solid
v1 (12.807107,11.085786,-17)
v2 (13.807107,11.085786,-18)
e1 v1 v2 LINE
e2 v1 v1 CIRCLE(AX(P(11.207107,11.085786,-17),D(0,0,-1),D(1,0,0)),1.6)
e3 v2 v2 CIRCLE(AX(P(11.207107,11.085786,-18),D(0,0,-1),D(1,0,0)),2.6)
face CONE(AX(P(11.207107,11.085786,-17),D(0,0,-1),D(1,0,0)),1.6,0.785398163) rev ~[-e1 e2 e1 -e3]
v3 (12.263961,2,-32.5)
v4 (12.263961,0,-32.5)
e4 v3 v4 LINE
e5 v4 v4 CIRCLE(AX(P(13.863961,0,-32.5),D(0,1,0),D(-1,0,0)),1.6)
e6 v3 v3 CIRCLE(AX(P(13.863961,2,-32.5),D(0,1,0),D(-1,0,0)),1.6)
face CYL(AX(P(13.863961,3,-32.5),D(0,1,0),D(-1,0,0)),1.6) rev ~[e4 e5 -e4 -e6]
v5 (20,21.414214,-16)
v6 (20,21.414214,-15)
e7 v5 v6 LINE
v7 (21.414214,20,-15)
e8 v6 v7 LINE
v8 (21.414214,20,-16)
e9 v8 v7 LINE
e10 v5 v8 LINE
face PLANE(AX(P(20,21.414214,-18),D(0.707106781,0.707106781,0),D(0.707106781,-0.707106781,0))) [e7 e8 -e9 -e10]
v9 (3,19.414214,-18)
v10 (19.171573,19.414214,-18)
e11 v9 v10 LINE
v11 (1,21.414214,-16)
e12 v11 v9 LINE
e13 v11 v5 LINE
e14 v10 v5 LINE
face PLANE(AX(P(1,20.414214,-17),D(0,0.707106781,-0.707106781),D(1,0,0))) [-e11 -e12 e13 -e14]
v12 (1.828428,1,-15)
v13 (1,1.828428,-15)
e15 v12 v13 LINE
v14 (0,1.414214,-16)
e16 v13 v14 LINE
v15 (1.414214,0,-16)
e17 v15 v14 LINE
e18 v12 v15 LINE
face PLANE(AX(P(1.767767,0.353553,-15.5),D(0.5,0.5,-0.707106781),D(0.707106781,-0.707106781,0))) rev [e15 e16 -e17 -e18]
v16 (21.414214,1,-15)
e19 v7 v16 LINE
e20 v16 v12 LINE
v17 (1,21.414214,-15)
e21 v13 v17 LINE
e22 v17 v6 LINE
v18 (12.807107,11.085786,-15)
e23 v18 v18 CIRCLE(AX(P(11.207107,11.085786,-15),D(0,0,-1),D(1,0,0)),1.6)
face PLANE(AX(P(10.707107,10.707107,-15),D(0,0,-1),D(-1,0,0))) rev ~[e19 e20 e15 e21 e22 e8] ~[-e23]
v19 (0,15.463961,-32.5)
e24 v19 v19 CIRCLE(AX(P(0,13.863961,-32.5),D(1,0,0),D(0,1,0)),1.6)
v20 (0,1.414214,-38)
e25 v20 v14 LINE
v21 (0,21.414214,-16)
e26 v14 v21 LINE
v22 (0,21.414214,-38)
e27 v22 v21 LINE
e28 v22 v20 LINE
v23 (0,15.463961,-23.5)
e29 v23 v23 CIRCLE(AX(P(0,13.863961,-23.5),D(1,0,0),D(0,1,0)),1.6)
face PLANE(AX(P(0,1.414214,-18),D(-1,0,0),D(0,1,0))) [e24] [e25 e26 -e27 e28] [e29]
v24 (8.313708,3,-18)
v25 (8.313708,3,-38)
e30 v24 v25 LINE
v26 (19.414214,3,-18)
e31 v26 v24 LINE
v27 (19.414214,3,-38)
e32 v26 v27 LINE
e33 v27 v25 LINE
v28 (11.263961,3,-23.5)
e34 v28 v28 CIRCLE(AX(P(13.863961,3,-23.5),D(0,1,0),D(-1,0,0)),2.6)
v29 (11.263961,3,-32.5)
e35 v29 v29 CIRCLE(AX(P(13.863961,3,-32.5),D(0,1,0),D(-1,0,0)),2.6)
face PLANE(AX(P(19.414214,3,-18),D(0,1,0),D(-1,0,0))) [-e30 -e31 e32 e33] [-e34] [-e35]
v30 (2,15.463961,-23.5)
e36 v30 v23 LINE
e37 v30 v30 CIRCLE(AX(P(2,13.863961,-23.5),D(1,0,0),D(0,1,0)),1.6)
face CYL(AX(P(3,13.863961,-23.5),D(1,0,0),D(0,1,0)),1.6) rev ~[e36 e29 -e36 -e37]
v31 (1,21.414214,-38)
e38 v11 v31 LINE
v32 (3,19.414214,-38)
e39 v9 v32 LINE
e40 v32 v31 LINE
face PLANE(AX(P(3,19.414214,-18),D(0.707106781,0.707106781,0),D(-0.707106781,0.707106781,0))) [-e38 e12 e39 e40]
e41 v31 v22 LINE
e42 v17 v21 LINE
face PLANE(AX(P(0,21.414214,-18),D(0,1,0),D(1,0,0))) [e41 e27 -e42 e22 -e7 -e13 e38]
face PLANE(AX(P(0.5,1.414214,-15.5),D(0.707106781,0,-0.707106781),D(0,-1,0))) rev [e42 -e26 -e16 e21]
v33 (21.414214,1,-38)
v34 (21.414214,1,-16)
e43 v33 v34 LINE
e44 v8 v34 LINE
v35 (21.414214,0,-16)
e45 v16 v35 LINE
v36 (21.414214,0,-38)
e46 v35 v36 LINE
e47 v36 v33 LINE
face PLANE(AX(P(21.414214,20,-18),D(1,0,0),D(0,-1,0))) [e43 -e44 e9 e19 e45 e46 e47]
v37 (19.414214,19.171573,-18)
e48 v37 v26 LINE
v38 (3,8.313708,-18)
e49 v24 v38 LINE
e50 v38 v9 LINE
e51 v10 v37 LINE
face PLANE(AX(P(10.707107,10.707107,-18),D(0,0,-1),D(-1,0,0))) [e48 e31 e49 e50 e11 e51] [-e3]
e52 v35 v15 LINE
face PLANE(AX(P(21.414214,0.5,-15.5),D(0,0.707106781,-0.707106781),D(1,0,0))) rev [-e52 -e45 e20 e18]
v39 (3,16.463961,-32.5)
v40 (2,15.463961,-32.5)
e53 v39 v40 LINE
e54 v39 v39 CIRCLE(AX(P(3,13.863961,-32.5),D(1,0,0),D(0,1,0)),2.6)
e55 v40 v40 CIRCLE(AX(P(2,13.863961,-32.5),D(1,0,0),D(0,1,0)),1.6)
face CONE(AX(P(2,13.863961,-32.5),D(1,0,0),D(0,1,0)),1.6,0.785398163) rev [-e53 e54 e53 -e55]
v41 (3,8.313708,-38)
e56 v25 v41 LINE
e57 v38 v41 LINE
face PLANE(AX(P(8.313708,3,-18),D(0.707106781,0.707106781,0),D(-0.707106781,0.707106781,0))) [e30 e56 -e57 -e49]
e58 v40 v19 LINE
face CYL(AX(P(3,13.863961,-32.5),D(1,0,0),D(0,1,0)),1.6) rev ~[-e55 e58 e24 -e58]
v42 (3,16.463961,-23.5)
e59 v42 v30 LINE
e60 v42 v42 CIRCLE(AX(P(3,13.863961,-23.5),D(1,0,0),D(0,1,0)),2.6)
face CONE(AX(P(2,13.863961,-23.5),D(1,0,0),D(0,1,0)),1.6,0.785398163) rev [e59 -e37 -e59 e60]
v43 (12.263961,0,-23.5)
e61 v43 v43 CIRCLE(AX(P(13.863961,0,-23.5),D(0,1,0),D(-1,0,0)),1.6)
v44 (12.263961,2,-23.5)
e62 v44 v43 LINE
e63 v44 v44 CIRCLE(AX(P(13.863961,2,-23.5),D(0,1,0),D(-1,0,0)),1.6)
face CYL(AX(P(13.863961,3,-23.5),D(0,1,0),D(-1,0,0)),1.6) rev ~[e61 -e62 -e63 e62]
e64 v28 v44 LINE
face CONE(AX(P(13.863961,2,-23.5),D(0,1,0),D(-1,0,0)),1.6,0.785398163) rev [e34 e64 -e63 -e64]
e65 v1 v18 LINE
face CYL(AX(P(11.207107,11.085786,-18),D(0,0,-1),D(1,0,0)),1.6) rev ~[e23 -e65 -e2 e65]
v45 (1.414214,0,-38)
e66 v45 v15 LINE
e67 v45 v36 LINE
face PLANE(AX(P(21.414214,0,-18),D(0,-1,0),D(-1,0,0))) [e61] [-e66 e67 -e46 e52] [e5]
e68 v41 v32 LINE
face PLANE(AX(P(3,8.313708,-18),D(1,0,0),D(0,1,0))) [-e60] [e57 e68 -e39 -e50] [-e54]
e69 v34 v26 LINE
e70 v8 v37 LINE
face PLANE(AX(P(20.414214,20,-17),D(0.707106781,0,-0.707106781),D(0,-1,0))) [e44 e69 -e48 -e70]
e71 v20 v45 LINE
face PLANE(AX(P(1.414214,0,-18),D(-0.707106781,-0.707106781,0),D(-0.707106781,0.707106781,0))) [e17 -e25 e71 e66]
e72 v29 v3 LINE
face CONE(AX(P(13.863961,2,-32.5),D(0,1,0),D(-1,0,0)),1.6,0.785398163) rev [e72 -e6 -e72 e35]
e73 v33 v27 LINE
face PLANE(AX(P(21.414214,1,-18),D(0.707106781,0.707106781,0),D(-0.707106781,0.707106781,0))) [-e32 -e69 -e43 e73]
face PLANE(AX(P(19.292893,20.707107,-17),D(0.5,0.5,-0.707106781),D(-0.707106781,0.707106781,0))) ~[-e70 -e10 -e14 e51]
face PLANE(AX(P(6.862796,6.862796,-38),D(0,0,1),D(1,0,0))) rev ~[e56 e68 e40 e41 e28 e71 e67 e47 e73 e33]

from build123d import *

# Parameters (mm, degrees)
PAD048_DEPTH    = 20
PAD049_DEPTH    = 3
CHAMFER030_SIZE = 2
CHAMFER031_SIZE = 1
SKETCH091_R     = 1.6
POCKET029_DEPTH = 5
CHAMFER032_SIZE = 1
SKETCH092_R     = 1.6
POCKET030_DEPTH = 3
CHAMFER033_SIZE = 1
SKETCH093_R     = 1.6
POCKET031_DEPTH = 3.001
CHAMFER034_SIZE = 1


with BuildPart() as part:
    # Sketch089 → Pad048 (new body)
    with BuildSketch(Plane.XY):
        Polygon((19.414214, 3), (8.313708, 3), (3, 8.313708), (3, 19.414214), (1, 21.414214), (0, 21.414214), (0, 1.414214), (1.414214, 0), (21.414214, 0), (21.414214, 1), align=None)
    extrude(amount=-PAD048_DEPTH)

    # Sketch090 → Pad049 (join)
    with BuildSketch(Plane.XY):
        Polygon((0, 21.414214), (20, 21.414214), (21.414214, 20), (21.414214, 0), (1.414214, 0), (0, 1.414214), align=None)
    extrude(amount=PAD049_DEPTH)

    # Chamfer030
    chamfer030_edges = [part.edges().sort_by_distance(p)[0] for p in [
        (21.414214, 10.5, 0),
        (20.707107, 20.707107, 0),
        (10.5, 21.414214, 0),
    ]]
    chamfer(chamfer030_edges, length=CHAMFER030_SIZE)

    # Chamfer031
    chamfer031_edges = [part.edges().sort_by_distance(p)[0] for p in [
        (0.707107, 0.707107, 3),
        (11.414214, 0, 3),
        (0, 11.414214, 3),
    ]]
    chamfer(chamfer031_edges, length=CHAMFER031_SIZE)

    # Sketch091 (on Face15 of Chamfer031) → Pocket029 (cut)
    with BuildSketch(Plane(origin=(0, 0, 0), x_dir=(1, 0, 0), z_dir=(0, 0, -1))):
        with Locations((11.207107, -11.085786)):
            Circle(SKETCH091_R)
    extrude(amount=-POCKET029_DEPTH, mode=Mode.SUBTRACT)

    # Chamfer032
    chamfer032_edges = [part.edges().sort_by_distance(p)[0] for p in [
        (9.607107, 11.085786, 0),
    ]]
    chamfer(chamfer032_edges, length=CHAMFER032_SIZE)

    # Sketch092 (on Face16 of Chamfer032) → Pocket030 (cut)
    with BuildSketch(Plane.YZ.offset(3)):
        with Locations((13.863961, -14.5)):
            Circle(SKETCH092_R)
        with Locations((13.863961, -5.5)):
            Circle(SKETCH092_R)
    extrude(amount=-POCKET030_DEPTH, mode=Mode.SUBTRACT)

    # Chamfer033
    chamfer033_edges = [part.edges().sort_by_distance(p)[0] for p in [
        (3, 12.263961, -14.5),
        (3, 12.263961, -5.5),
    ]]
    chamfer(chamfer033_edges, length=CHAMFER033_SIZE)

    # Sketch093 (on Face9 of Chamfer033) → Pocket031 (cut, through all)
    with BuildSketch(Plane(origin=(0, 3, 0), x_dir=(-1, 0, 0), z_dir=(0, 1, 0))):
        with Locations((-13.863961, -5.5)):
            Circle(SKETCH093_R)
        with Locations((-13.863961, -14.5)):
            Circle(SKETCH093_R)
    extrude(amount=-POCKET031_DEPTH, mode=Mode.SUBTRACT)

    # Chamfer034
    chamfer034_edges = [part.edges().sort_by_distance(p)[0] for p in [
        (15.463961, 3, -5.5),
        (15.463961, 3, -14.5),
    ]]
    chamfer(chamfer034_edges, length=CHAMFER034_SIZE)


with BuildPart() as part_1:
    # Body088 placement: moved
    add(part.part.moved(Location((0, 0, -18))))


solid = part_1.part
